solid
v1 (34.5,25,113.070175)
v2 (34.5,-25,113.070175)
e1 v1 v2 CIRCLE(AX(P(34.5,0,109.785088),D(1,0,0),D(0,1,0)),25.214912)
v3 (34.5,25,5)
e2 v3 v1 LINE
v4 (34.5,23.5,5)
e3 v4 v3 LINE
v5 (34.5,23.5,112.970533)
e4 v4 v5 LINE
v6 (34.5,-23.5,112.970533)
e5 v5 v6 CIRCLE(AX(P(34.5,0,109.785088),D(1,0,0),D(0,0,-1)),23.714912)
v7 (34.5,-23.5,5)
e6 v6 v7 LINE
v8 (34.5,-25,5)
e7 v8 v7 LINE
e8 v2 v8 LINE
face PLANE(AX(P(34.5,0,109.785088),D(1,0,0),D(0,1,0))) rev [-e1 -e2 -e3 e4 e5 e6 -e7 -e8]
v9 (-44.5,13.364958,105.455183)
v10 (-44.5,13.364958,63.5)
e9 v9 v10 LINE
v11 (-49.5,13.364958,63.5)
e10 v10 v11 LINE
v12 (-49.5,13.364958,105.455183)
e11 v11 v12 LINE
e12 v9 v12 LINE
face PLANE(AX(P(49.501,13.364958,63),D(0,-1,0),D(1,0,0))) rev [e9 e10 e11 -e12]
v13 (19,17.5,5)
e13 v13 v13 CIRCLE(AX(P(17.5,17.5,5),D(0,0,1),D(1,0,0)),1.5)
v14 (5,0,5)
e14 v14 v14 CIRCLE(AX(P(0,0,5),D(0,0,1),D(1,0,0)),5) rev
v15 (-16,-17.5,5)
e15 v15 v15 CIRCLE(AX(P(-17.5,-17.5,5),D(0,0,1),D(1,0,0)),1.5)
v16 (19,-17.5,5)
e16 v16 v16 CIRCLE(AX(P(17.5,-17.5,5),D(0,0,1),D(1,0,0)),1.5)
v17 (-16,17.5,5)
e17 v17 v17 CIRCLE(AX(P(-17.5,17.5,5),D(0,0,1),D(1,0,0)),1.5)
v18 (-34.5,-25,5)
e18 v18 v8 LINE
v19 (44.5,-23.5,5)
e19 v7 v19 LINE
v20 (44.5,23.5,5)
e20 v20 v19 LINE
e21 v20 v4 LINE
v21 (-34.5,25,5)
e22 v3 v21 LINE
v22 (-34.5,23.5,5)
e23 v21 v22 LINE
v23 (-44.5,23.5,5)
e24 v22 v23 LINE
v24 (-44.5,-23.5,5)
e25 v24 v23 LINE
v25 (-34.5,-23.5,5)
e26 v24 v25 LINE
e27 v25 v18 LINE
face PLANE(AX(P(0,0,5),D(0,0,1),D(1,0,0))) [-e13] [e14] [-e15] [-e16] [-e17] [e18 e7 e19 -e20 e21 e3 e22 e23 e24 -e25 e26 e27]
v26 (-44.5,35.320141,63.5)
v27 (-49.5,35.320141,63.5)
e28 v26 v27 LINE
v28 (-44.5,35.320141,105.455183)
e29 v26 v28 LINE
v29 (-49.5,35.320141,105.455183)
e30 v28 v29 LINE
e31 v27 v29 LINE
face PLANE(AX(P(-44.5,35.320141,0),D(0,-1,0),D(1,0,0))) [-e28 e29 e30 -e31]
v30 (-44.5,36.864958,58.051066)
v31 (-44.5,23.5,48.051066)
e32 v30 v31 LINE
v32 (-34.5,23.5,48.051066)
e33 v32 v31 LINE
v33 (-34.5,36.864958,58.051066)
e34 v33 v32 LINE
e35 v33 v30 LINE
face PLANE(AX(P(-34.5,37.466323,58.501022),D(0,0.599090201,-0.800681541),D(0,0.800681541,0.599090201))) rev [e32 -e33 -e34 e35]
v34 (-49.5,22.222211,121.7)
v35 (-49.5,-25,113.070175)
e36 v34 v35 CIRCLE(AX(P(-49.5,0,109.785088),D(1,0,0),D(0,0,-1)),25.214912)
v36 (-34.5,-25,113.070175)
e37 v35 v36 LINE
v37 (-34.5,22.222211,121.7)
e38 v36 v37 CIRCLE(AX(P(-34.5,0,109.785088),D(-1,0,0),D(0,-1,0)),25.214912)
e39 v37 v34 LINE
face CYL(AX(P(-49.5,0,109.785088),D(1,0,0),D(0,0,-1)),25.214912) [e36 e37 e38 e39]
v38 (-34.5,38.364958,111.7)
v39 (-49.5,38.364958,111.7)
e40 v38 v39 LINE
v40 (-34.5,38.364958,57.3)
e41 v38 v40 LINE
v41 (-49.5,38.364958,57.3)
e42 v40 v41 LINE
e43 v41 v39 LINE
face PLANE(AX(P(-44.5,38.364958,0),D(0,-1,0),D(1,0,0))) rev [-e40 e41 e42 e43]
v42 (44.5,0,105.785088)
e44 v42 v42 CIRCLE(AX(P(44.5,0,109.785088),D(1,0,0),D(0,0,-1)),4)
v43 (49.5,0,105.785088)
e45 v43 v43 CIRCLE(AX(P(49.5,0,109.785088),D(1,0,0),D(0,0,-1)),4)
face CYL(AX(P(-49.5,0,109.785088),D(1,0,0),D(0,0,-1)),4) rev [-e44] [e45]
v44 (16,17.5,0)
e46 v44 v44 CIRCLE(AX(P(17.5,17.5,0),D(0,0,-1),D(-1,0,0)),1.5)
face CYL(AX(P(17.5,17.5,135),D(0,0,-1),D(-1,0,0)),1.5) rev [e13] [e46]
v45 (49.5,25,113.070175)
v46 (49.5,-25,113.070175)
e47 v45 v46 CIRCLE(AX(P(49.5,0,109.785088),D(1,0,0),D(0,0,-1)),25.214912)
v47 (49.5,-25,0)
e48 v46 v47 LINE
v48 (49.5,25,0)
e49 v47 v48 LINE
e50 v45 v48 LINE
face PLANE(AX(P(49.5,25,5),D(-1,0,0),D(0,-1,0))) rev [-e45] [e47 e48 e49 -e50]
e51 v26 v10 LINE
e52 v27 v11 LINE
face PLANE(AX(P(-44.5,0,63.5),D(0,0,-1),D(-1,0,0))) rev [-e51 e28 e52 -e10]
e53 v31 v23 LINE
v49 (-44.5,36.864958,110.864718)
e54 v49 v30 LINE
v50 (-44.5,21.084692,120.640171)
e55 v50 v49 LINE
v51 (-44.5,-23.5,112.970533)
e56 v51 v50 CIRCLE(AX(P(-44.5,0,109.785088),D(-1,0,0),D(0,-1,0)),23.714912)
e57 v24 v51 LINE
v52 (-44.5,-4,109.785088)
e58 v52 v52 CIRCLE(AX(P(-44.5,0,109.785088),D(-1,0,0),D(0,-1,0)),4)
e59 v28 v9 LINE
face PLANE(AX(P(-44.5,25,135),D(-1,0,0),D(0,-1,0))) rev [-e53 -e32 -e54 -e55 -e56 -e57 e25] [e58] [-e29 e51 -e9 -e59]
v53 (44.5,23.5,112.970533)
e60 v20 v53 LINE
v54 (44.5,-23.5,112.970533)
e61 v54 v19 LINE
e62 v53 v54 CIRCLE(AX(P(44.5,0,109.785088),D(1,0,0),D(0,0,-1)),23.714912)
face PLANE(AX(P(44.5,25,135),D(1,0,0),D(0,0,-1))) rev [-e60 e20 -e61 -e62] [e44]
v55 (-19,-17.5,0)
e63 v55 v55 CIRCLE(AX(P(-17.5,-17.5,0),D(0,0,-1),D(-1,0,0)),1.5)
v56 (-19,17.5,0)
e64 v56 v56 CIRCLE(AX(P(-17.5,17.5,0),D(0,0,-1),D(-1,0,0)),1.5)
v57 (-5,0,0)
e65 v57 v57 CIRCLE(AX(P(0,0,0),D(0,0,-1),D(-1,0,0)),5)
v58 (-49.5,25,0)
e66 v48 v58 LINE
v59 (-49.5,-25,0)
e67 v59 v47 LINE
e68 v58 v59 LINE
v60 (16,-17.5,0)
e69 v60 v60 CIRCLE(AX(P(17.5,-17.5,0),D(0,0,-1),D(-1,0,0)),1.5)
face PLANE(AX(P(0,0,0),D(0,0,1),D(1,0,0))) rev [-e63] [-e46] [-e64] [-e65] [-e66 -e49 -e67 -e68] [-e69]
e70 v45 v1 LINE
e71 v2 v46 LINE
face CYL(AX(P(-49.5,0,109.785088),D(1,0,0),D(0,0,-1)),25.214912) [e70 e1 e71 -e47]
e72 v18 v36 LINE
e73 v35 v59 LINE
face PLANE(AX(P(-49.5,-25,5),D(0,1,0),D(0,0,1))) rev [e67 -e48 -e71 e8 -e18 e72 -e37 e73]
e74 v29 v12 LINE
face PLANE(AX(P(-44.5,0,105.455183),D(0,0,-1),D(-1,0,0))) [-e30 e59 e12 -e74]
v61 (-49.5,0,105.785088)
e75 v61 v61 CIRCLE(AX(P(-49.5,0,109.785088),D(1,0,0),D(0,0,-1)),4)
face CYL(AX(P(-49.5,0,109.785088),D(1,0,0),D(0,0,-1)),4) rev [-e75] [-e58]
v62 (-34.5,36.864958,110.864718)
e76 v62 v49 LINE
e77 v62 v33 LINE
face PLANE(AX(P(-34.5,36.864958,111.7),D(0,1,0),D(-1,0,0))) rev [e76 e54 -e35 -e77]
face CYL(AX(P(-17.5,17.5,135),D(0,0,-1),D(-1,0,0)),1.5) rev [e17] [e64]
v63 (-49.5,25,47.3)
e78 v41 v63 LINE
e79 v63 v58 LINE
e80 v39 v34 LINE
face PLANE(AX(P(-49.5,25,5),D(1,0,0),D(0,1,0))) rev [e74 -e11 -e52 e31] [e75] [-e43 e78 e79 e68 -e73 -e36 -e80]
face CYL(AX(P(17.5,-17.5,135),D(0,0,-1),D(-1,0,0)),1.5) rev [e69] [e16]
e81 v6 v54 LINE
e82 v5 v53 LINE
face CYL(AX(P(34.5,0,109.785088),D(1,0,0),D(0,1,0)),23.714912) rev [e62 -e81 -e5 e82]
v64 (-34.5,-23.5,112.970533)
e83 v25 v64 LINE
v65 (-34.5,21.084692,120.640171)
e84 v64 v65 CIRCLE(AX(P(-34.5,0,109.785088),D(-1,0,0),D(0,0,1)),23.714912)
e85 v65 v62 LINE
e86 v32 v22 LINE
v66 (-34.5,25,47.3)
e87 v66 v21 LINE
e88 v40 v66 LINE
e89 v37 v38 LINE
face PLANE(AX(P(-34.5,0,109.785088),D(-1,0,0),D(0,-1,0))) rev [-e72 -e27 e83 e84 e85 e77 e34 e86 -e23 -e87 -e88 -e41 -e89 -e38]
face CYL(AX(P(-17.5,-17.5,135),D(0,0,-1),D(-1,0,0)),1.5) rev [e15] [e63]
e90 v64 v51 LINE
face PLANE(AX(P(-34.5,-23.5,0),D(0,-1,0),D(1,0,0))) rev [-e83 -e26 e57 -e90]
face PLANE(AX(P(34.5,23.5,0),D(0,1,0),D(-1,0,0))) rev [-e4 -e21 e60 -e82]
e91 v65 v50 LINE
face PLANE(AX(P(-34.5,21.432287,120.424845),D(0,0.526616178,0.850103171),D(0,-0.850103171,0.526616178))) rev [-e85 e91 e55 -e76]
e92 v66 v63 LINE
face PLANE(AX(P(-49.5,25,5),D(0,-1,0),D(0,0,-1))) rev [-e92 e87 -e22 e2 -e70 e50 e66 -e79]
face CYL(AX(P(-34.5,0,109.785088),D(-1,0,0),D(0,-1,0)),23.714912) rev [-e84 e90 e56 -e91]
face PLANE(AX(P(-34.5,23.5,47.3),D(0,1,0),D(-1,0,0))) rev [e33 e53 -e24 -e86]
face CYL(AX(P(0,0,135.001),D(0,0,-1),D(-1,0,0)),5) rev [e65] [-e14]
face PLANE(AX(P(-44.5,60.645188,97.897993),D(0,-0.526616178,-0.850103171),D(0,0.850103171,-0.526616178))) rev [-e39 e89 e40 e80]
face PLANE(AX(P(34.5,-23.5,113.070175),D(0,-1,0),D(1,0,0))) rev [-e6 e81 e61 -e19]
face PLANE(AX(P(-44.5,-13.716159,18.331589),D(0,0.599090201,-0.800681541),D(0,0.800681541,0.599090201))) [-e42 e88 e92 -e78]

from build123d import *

# Parameters (mm, degrees)
SKETCH1_W           = 99
SKETCH1_H           = 50
BOSS_EXTRUDE1_DEPTH = 5
SKETCH2_W           = 5
SKETCH2_H           = 50
BOSS_EXTRUDE2_DEPTH = 130
SKETCH3_OUTSIDE_W   = 171.944
SKETCH3_OUTSIDE_H   = 86.944
SKETCH3_OUTSIDE_R   = 4
CUT_EXTRUDE1_DEPTH  = 170.266063
EXTRUDE_THIN2_DEPTH = 15
CUT_EXTRUDE3_REACH  = 171.266
SKETCH8_W           = 42.955183
SKETCH8_H           = 22
BOSS_EXTRUDE4_START = -5
BOSS_EXTRUDE4_DEPTH = 5
EXTRUDE_THIN3_START = -15
EXTRUDE_THIN3_DEPTH = 15
CUT_EXTRUDE5_REACH  = 150.819
SKETCH13_R          = 5
SKETCH5_R           = 1.5
CUT_EXTRUDE6_DEPTH  = 149.819085


with BuildPart() as part:
    # Sketch1 → Boss-Extrude1 (new body)
    with BuildSketch(Plane.XY):
        Rectangle(SKETCH1_W, SKETCH1_H)
    extrude(amount=BOSS_EXTRUDE1_DEPTH)

    # Sketch2 → Boss-Extrude2 (add)
    with BuildSketch(Plane.XY.offset(5)):
        with Locations((47, 0)):
            Rectangle(SKETCH2_W, SKETCH2_H)
        with Locations((-47, 0)):
            Rectangle(SKETCH2_W, SKETCH2_H)
    extrude(amount=BOSS_EXTRUDE2_DEPTH)

    # Sketch3 outside → Cut-Extrude1 (cut, through all)
    # profile 1 of 2: a face of its own
    with BuildSketch(Plane(origin=(49.5, 0, 0), x_dir=(0, 0, -1), z_dir=(1, 0, 0))):
        with Locations((-67.5, 0)):
            Rectangle(SKETCH3_OUTSIDE_W, SKETCH3_OUTSIDE_H)
        with BuildLine():
            Line((0, -25), (0, 25))
            Line((0, 25), (-106.5, 25))
            ThreePointArc((-106.5, 25), (-135, 0), (-106.5, -25))
            Line((-106.5, -25), (0, -25))
        make_face(mode=Mode.SUBTRACT)
    # profile 2 of 2: a face of its own
    with BuildSketch(Plane(origin=(49.5, 0, 0), x_dir=(0, 0, -1), z_dir=(1, 0, 0))):
        with Locations((-109.785088, 0)):
            Circle(SKETCH3_OUTSIDE_R)
    extrude(amount=-CUT_EXTRUDE1_DEPTH, mode=Mode.SUBTRACT)

    # Sketch7 → Extrude-Thin2 (add)
    with BuildSketch(Plane(origin=(49.5, 0, 0), x_dir=(0, 0, -1), z_dir=(1, 0, 0))):
        with BuildLine():
            Line((-113.070175, -25), (0, -25))
            Line((0, -25), (0, 25))
            Line((0, 25), (-113.070175, 25))
            ThreePointArc((-113.070175, 25), (-135, 0), (-113.070175, -25))
        make_face()
        with BuildLine():
            Line((-112.970533, -23.5), (-1.5, -23.5))
            Line((-1.5, -23.5), (-1.5, 23.5))
            Line((-1.5, 23.5), (-112.970533, 23.5))
            ThreePointArc((-112.970533, 23.5), (-133.5, 0), (-112.970533, -23.5))
        make_face(mode=Mode.SUBTRACT)
    extrude(amount=-EXTRUDE_THIN2_DEPTH)

    # Sketch8 → Cut-Extrude3 (cut, up to next)
    with BuildSketch(Plane.ZY.offset(49.5), mode=Mode.PRIVATE) as cut_extrude3_sk1:
        with Locations((84.477591, 24.364958)):
            Rectangle(SKETCH8_W, SKETCH8_H)
    cut_extrude3_tool1 = extrude(cut_extrude3_sk1.sketch, amount=-CUT_EXTRUDE3_REACH, mode=Mode.PRIVATE) & part.part
    add(cut_extrude3_tool1.solids().sort_by_distance((-49.5, 24.364958, 84.477592))[0], mode=Mode.SUBTRACT)

    # Sketch9 → Boss-Extrude4 (add)
    with BuildSketch(Plane.ZY.offset(49.5).offset(BOSS_EXTRUDE4_START)):
        with BuildLine():
            Line((121.7, 22.222211), (111.7, 38.364958))
            Line((111.7, 38.364958), (105.455183, 38.364958))
            Line((105.455183, 38.364958), (63.5, 38.364958))
            Line((63.5, 38.364958), (57.3, 38.364958))
            Line((57.3, 38.364958), (47.3, 25))
            Line((47.3, 25), (59.748378, 25))
            Line((59.748378, 25), (63, 25))
            Line((63, 25), (63, 13.364958))
            Line((63, 13.364958), (63.5, 13.364958))
            Line((63.5, 13.364958), (63.5, 35.320141))
            Line((63.5, 35.320141), (105.455183, 35.320141))
            Line((105.455183, 35.320141), (105.455183, 13.364958))
            Line((105.455183, 13.364958), (105.955183, 13.364958))
            Line((105.955183, 13.364958), (105.955183, 25))
            Line((105.955183, 25), (113.070175, 25))
            ThreePointArc((113.070175, 25), (117.510955, 24.002141), (121.7, 22.222211))
        make_face()
    extrude(amount=BOSS_EXTRUDE4_DEPTH)

    # Sketch12 → Extrude-Thin3 (add)
    with BuildSketch(Plane.ZY.offset(49.5).offset(EXTRUDE_THIN3_START)):
        with BuildLine():
            Line((121.7, 22.222211), (111.7, 38.364958))
            Line((111.7, 38.364958), (57.3, 38.364958))
            Line((57.3, 38.364958), (47.3, 25))
            Line((47.3, 25), (0, 25))
            Line((0, 25), (0, -25))
            Line((0, -25), (113.070175, -25))
            ThreePointArc((113.070175, -25), (134.589206, -4.532935), (121.7, 22.222211))
        make_face()
        with BuildLine():
            Line((120.640171, 21.084692), (110.864718, 36.864958))
            Line((110.864718, 36.864958), (58.051066, 36.864958))
            Line((58.051066, 36.864958), (48.051066, 23.5))
            Line((48.051066, 23.5), (1.5, 23.5))
            Line((1.5, 23.5), (1.5, -23.5))
            Line((1.5, -23.5), (112.970533, -23.5))
            ThreePointArc((112.970533, -23.5), (133.156712, -4.020481), (120.640171, 21.084692))
        make_face(mode=Mode.SUBTRACT)
    extrude(amount=EXTRUDE_THIN3_DEPTH)

    # Sketch13 → Cut-Extrude5 (cut, up to next)
    with BuildSketch(Plane(origin=(0, 0, 0), x_dir=(-1, 0, 0), z_dir=(0, 0, -1)), mode=Mode.PRIVATE) as cut_extrude5_sk1:
        Circle(SKETCH13_R)
    cut_extrude5_tool1 = extrude(cut_extrude5_sk1.sketch, amount=-CUT_EXTRUDE5_REACH, mode=Mode.PRIVATE) & part.part
    add(cut_extrude5_tool1.solids().sort_by_distance((0, 0, 0))[0], mode=Mode.SUBTRACT)

    # Sketch5 → Cut-Extrude6 (cut, through all)
    with BuildSketch(Plane(origin=(0, 0, 0), x_dir=(-1, 0, 0), z_dir=(0, 0, -1))):
        with Locations((17.5, 17.5)):
            Circle(SKETCH5_R)
        with Locations((17.5, -17.5)):
            Circle(SKETCH5_R)
        with Locations((-17.5, -17.5)):
            Circle(SKETCH5_R)
        with Locations((-17.5, 17.5)):
            Circle(SKETCH5_R)
    extrude(amount=-CUT_EXTRUDE6_DEPTH, mode=Mode.SUBTRACT)


solid = part.part
